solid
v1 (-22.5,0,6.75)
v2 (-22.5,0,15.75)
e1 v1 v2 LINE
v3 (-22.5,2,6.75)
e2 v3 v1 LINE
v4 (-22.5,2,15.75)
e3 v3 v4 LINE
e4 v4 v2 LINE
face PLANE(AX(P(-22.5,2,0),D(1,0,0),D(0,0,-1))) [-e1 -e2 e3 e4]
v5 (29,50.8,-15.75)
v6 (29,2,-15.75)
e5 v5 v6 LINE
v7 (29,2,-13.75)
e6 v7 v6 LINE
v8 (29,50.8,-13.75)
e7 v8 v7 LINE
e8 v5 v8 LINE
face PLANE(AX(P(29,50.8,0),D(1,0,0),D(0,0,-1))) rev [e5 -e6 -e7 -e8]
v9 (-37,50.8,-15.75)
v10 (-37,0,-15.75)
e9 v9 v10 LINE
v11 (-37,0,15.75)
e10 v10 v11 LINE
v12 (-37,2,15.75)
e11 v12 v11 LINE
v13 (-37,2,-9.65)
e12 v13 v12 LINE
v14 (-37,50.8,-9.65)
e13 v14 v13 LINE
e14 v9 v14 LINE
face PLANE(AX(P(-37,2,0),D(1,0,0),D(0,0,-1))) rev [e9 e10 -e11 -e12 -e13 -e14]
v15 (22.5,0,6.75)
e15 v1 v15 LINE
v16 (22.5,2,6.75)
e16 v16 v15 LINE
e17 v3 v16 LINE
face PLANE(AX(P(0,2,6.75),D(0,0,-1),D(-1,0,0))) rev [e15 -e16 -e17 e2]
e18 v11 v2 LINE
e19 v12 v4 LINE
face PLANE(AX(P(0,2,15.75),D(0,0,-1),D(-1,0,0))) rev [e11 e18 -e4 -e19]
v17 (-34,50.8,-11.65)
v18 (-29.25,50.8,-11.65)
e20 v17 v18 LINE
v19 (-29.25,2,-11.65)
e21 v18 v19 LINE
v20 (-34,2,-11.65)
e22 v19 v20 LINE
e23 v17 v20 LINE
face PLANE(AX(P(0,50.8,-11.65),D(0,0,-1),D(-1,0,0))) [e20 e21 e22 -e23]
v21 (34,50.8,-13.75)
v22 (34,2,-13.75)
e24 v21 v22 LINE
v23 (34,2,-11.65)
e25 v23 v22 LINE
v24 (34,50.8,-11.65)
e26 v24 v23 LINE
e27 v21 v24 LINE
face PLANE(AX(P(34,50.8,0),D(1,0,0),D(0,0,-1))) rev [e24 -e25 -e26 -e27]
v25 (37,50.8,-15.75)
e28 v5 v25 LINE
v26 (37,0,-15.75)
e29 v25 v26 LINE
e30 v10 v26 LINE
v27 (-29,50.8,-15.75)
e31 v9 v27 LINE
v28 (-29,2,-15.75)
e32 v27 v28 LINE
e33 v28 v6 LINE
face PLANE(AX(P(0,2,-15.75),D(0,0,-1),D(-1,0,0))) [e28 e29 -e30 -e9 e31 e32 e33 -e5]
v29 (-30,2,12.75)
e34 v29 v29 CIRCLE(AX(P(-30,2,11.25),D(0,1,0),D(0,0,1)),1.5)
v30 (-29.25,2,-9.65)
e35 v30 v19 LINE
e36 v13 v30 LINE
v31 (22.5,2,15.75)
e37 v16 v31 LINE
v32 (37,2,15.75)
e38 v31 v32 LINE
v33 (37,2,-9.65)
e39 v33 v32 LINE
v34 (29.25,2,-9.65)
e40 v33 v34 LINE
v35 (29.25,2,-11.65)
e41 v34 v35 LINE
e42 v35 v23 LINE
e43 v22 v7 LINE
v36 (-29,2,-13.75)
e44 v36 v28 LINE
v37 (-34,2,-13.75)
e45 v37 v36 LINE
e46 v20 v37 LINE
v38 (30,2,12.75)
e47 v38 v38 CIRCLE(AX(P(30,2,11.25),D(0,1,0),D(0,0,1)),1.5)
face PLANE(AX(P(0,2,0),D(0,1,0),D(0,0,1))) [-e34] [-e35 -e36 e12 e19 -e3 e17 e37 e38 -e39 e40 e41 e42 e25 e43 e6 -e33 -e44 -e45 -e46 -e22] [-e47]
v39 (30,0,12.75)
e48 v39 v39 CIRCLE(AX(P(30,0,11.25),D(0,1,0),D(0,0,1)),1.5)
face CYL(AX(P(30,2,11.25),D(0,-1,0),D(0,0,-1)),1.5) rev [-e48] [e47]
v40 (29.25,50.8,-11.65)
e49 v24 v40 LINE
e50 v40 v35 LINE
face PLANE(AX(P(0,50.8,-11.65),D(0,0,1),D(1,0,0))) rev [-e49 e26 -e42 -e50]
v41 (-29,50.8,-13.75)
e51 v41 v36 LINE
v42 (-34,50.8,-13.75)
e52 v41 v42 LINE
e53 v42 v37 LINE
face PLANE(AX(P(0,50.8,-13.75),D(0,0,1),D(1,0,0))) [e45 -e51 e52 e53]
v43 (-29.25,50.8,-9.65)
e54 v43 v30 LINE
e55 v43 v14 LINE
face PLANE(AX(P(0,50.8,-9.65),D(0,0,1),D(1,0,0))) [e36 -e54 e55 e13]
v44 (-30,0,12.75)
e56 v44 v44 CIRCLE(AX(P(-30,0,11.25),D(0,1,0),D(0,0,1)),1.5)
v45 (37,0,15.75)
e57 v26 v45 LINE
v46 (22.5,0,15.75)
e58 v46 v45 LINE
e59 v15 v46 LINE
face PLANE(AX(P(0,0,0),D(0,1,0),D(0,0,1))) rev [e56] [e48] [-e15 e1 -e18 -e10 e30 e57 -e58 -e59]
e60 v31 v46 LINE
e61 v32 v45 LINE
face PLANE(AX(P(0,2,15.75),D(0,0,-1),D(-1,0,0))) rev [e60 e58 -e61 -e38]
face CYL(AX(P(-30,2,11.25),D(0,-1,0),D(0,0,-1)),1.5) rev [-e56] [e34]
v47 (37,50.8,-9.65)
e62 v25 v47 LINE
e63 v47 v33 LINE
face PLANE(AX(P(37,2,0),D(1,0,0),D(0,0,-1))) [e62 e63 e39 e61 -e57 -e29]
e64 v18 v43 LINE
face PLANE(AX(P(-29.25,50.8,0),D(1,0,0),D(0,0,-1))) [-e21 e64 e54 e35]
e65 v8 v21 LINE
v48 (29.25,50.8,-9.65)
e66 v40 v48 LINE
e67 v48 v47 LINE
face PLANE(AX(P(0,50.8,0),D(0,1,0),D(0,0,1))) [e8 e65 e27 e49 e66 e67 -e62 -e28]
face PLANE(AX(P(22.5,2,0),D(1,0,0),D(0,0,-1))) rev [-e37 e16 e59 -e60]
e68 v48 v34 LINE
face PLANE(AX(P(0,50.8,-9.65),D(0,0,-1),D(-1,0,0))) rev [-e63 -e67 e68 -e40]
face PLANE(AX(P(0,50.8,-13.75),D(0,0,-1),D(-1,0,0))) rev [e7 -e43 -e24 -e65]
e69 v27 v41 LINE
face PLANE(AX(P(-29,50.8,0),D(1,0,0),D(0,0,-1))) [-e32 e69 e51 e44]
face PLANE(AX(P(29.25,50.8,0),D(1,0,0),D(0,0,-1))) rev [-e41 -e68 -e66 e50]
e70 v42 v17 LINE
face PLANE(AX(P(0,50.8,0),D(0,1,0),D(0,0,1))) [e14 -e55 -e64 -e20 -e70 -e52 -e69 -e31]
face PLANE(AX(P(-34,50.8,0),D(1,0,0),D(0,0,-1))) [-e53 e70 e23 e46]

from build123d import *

# Parameters (mm, degrees)
SKETCH1_R           = 1.5
BOSS_EXTRUDE1_DEPTH = 2
BOSS_EXTRUDE2_DEPTH = 50.8


with BuildPart() as part:
    # Sketch1 → Boss-Extrude1 (new body)
    with BuildSketch(Plane(origin=(0, 0, 0), x_dir=(1, 0, 0), z_dir=(0, 1, 0))):
        Polygon((-37, 15.75), (-37, -15.75), (-22.5, -15.75), (-22.5, -6.75), (22.5, -6.75), (22.5, -15.75), (37, -15.75), (37, 15.75), align=None)
        with Locations((-30, -11.25)):
            Circle(SKETCH1_R, mode=Mode.SUBTRACT)
        with Locations((30, -11.25)):
            Circle(SKETCH1_R, mode=Mode.SUBTRACT)
    extrude(amount=BOSS_EXTRUDE1_DEPTH)

    # Sketch1<3> → Boss-Extrude2 (add)
    with BuildSketch(Plane(origin=(0, 0, 0), x_dir=(1, 0, 0), z_dir=(0, 1, 0))):
        Polygon((-29, 13.75), (-29, 15.75), (-37, 15.75), (-37, 9.65), (-29.25, 9.65), (-29.25, 11.65), (-34, 11.65), (-34, 13.75), align=None)
        Polygon((37, 15.75), (29, 15.75), (29, 13.75), (34, 13.75), (34, 11.65), (29.25, 11.65), (29.25, 9.65), (37, 9.65), align=None)
    extrude(amount=BOSS_EXTRUDE2_DEPTH)


solid = part.part
